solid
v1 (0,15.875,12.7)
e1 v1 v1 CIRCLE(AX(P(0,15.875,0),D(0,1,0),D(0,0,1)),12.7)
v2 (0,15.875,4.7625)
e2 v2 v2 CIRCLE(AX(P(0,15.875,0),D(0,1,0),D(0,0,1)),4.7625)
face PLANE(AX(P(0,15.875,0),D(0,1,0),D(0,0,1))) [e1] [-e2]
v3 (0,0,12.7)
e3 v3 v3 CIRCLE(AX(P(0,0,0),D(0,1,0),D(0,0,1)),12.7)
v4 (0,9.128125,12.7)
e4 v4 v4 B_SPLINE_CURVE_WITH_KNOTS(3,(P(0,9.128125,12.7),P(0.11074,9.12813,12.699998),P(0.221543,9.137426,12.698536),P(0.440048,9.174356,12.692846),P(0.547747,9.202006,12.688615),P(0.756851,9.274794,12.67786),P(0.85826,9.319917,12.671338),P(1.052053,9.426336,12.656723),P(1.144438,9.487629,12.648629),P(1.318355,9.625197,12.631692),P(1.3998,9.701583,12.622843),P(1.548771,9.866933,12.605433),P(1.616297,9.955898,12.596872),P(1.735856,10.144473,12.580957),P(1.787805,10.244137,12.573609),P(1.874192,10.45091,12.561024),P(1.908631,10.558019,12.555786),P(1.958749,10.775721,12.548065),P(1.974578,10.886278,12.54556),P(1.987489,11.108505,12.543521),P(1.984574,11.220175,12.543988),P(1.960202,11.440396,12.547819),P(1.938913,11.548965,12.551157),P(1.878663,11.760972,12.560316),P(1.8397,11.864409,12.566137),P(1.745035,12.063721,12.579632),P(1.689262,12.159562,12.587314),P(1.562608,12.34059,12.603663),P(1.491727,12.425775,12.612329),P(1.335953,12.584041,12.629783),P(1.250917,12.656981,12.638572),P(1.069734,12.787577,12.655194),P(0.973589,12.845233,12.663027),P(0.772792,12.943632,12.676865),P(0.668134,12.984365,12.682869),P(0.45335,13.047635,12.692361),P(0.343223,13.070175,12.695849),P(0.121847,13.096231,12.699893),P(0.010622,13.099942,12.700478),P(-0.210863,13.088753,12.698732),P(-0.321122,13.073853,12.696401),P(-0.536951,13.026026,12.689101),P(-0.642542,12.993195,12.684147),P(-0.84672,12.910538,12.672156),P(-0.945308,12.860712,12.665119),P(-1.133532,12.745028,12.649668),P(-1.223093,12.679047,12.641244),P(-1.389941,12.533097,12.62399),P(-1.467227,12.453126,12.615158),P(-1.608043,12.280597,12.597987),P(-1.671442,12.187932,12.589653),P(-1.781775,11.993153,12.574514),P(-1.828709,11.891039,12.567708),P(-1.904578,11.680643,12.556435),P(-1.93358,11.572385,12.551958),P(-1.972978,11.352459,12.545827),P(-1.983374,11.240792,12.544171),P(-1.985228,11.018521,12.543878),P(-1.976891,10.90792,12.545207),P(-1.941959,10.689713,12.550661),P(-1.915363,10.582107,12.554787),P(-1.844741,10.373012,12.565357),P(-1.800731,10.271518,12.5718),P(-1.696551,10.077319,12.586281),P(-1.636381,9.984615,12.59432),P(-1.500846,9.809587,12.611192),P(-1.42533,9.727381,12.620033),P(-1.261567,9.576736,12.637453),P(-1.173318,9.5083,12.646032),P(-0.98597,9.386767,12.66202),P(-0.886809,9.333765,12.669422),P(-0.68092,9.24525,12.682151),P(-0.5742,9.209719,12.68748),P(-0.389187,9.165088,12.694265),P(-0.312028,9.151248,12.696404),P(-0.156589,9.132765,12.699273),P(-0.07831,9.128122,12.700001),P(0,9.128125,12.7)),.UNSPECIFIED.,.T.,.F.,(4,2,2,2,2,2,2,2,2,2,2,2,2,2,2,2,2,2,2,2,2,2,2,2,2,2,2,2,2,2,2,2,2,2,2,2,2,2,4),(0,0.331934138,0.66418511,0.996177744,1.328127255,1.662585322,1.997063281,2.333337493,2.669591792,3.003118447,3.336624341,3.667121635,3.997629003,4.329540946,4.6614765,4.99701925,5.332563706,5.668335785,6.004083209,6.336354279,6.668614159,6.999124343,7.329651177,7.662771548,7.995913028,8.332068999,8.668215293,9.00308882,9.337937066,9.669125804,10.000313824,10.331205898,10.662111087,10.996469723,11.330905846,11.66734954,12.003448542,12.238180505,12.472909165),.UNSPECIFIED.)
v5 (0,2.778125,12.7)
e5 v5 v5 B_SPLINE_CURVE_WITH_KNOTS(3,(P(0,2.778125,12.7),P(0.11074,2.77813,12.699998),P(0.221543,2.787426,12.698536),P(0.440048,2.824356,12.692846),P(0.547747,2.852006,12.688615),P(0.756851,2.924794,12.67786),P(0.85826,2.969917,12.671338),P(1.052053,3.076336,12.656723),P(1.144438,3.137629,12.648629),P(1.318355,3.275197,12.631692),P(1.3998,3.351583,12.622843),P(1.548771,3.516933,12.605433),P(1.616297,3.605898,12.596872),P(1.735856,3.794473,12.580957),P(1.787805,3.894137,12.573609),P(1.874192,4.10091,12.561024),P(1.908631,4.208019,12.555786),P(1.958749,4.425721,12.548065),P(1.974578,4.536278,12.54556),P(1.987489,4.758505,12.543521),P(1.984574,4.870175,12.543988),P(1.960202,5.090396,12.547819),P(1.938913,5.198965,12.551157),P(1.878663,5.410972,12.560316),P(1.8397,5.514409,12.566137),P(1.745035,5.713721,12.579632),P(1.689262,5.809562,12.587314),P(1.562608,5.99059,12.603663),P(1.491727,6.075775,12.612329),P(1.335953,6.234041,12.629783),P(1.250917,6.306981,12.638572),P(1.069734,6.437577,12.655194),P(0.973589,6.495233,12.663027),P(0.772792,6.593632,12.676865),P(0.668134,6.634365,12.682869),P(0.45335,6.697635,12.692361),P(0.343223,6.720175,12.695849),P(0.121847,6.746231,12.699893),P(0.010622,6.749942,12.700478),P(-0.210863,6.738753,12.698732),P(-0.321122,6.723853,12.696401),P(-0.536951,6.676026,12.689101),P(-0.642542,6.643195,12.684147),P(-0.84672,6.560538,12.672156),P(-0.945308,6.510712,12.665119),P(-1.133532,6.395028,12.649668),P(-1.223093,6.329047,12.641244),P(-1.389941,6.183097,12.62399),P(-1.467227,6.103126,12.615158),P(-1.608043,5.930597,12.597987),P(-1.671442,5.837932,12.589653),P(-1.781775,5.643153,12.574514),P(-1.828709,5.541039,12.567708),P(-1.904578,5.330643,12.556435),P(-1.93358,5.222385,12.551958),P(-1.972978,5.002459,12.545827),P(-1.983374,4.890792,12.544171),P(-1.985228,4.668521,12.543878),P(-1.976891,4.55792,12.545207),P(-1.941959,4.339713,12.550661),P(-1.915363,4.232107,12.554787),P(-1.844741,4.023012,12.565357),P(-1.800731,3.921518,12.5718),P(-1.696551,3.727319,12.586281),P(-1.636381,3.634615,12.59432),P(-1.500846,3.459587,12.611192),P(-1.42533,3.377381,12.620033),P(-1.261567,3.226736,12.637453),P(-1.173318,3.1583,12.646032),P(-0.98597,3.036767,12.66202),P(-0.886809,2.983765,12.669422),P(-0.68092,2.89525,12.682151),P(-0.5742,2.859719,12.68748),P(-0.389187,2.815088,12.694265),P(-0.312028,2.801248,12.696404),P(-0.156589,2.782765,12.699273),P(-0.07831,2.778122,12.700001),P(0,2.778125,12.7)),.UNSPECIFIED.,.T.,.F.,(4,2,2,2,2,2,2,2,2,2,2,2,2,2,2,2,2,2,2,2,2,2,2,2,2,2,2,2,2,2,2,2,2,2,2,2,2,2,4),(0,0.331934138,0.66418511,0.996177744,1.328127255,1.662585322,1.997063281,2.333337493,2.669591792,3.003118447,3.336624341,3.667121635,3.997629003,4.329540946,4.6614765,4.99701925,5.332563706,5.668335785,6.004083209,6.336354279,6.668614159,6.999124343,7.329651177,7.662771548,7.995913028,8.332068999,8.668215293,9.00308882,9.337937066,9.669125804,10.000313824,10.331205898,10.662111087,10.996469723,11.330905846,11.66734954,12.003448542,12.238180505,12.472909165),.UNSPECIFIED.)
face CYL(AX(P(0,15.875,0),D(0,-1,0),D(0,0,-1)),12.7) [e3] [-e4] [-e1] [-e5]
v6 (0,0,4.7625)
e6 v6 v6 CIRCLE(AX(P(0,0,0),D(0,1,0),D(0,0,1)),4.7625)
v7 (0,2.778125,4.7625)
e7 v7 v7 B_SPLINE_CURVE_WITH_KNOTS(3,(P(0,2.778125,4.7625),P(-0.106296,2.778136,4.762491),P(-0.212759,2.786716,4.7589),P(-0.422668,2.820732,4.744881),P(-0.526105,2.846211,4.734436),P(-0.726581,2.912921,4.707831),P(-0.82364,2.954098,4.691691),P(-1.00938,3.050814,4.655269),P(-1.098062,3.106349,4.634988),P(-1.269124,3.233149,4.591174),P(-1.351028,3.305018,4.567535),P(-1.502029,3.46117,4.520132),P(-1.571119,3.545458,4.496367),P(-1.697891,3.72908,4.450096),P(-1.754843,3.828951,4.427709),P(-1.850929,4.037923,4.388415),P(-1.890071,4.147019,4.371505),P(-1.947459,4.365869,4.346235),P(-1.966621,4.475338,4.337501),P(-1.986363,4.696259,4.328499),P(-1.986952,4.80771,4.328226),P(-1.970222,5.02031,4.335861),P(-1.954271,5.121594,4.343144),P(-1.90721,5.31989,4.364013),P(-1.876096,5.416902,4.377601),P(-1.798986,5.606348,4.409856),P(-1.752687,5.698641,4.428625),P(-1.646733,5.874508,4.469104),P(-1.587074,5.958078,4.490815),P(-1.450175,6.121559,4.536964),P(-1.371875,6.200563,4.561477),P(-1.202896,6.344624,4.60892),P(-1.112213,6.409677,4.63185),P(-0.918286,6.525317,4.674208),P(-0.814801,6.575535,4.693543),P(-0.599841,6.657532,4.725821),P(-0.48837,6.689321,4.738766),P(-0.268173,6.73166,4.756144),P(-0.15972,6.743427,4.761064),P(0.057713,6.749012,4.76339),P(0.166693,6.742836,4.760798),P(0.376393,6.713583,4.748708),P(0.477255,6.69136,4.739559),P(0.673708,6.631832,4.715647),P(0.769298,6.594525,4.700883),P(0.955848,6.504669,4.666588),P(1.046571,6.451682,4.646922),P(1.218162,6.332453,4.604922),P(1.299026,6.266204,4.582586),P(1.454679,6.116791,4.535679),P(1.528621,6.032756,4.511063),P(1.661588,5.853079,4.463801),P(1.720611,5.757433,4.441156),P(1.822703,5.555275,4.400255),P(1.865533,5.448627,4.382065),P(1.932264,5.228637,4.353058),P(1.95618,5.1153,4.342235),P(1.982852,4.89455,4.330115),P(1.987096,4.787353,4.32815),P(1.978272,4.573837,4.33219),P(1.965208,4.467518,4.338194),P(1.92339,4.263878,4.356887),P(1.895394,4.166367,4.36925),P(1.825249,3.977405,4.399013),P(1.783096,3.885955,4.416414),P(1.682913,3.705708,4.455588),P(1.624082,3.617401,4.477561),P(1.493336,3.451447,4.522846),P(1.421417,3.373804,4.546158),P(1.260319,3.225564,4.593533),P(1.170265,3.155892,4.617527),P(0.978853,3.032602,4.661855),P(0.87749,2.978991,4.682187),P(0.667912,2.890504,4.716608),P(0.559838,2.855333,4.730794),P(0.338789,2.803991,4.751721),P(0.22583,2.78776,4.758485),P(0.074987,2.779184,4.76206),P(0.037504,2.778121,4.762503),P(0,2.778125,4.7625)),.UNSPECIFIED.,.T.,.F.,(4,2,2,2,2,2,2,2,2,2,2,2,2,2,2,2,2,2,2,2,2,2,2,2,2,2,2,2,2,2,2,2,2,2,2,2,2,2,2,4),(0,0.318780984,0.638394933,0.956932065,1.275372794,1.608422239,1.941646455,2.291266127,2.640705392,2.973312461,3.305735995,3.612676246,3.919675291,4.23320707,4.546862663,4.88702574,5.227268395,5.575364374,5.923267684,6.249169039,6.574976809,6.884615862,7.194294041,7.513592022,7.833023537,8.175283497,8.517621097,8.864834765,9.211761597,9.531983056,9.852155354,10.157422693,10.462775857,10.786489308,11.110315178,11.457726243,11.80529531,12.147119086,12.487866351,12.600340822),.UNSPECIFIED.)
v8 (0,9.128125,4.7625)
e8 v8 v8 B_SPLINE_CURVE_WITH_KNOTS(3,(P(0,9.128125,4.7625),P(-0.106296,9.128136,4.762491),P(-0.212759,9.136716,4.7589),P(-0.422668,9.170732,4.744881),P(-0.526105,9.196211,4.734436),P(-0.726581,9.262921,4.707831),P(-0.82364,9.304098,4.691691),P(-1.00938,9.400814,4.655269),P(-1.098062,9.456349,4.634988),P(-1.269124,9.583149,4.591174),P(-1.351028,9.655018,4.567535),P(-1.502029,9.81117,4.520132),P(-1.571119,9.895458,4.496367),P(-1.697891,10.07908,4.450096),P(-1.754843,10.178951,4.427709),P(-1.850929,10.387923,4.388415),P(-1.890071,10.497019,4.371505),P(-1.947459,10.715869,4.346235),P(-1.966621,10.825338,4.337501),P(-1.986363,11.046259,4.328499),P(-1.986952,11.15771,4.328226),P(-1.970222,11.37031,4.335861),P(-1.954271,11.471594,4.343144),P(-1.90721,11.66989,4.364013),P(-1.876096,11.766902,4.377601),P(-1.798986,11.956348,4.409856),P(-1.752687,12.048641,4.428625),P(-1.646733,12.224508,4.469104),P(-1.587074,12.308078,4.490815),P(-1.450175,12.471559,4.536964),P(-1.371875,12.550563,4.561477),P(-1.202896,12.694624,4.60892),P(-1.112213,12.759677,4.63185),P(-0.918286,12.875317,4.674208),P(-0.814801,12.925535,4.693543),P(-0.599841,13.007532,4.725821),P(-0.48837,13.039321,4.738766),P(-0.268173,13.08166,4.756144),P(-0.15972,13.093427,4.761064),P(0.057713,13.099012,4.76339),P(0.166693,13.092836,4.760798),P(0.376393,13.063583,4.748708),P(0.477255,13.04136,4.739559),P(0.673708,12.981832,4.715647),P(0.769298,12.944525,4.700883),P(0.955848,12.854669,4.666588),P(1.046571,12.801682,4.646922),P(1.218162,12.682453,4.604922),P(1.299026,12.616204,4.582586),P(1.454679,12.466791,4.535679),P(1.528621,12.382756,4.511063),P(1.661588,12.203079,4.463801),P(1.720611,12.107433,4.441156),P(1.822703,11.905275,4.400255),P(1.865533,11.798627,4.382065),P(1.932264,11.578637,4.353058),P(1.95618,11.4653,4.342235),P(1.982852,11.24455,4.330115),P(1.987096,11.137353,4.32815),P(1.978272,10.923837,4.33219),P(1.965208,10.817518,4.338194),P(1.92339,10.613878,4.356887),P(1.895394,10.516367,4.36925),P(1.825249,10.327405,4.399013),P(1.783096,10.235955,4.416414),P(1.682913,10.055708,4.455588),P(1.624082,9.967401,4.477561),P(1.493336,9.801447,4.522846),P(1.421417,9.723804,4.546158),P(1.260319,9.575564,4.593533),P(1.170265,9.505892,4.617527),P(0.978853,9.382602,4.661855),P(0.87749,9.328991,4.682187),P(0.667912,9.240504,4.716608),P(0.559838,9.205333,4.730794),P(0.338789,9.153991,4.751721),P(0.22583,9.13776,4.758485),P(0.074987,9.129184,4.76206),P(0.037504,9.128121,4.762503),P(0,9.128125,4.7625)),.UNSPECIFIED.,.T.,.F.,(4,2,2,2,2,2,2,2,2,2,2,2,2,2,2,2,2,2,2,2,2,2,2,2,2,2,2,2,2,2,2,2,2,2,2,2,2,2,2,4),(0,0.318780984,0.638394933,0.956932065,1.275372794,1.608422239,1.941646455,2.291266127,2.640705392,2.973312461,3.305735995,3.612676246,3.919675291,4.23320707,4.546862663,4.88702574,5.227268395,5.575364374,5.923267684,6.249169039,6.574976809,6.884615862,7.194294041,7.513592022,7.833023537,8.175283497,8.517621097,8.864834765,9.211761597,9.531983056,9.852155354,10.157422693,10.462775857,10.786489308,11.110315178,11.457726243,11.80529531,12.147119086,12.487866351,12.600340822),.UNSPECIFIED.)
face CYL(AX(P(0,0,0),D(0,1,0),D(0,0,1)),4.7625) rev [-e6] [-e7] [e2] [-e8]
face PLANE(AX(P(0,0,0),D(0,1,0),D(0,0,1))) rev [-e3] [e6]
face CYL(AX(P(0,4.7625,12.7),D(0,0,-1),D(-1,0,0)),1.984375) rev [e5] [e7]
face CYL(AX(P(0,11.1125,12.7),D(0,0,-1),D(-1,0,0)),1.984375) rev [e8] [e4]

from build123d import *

# Parameters (mm, degrees)
SKETCH1_R           = 12.7
BOSS_EXTRUDE1_DEPTH = 15.875
SKETCH2_R           = 4.7625
CUT_EXTRUDE1_DEPTH  = 24.970724332
SKETCH3_R           = 1.984375
CUT_EXTRUDE2_DEPTH  = 24.970724332


with BuildPart() as part:
    # Sketch1 → Boss-Extrude1 (new body)
    with BuildSketch(Plane(origin=(0, 0, 0), x_dir=(1, 0, 0), z_dir=(0, 1, 0))):
        with Locations(Location((0, 0, 0), (0, 0, 270))):
            Circle(SKETCH1_R)
    extrude(amount=BOSS_EXTRUDE1_DEPTH)

    # Sketch2 → Cut-Extrude1 (cut, through all)
    with BuildSketch(Plane(origin=(0, 15.875, 0), x_dir=(1, 0, 0), z_dir=(0, 1, 0))):
        with Locations(Location((0, 0, 0), (0, 0, 270))):
            Circle(SKETCH2_R)
    extrude(amount=-CUT_EXTRUDE1_DEPTH, mode=Mode.SUBTRACT)

    # Sketch3 → Cut-Extrude2 (cut, through all)
    with BuildSketch(Plane.XY):
        with Locations(Location((0, 4.7625, 0), (0, 0, 90.000000002))):
            Circle(SKETCH3_R)
        with Locations(Location((0, 11.1125, 0), (0, 0, 90.000000002))):
            Circle(SKETCH3_R)
    extrude(amount=CUT_EXTRUDE2_DEPTH, mode=Mode.SUBTRACT)


solid = part.part
